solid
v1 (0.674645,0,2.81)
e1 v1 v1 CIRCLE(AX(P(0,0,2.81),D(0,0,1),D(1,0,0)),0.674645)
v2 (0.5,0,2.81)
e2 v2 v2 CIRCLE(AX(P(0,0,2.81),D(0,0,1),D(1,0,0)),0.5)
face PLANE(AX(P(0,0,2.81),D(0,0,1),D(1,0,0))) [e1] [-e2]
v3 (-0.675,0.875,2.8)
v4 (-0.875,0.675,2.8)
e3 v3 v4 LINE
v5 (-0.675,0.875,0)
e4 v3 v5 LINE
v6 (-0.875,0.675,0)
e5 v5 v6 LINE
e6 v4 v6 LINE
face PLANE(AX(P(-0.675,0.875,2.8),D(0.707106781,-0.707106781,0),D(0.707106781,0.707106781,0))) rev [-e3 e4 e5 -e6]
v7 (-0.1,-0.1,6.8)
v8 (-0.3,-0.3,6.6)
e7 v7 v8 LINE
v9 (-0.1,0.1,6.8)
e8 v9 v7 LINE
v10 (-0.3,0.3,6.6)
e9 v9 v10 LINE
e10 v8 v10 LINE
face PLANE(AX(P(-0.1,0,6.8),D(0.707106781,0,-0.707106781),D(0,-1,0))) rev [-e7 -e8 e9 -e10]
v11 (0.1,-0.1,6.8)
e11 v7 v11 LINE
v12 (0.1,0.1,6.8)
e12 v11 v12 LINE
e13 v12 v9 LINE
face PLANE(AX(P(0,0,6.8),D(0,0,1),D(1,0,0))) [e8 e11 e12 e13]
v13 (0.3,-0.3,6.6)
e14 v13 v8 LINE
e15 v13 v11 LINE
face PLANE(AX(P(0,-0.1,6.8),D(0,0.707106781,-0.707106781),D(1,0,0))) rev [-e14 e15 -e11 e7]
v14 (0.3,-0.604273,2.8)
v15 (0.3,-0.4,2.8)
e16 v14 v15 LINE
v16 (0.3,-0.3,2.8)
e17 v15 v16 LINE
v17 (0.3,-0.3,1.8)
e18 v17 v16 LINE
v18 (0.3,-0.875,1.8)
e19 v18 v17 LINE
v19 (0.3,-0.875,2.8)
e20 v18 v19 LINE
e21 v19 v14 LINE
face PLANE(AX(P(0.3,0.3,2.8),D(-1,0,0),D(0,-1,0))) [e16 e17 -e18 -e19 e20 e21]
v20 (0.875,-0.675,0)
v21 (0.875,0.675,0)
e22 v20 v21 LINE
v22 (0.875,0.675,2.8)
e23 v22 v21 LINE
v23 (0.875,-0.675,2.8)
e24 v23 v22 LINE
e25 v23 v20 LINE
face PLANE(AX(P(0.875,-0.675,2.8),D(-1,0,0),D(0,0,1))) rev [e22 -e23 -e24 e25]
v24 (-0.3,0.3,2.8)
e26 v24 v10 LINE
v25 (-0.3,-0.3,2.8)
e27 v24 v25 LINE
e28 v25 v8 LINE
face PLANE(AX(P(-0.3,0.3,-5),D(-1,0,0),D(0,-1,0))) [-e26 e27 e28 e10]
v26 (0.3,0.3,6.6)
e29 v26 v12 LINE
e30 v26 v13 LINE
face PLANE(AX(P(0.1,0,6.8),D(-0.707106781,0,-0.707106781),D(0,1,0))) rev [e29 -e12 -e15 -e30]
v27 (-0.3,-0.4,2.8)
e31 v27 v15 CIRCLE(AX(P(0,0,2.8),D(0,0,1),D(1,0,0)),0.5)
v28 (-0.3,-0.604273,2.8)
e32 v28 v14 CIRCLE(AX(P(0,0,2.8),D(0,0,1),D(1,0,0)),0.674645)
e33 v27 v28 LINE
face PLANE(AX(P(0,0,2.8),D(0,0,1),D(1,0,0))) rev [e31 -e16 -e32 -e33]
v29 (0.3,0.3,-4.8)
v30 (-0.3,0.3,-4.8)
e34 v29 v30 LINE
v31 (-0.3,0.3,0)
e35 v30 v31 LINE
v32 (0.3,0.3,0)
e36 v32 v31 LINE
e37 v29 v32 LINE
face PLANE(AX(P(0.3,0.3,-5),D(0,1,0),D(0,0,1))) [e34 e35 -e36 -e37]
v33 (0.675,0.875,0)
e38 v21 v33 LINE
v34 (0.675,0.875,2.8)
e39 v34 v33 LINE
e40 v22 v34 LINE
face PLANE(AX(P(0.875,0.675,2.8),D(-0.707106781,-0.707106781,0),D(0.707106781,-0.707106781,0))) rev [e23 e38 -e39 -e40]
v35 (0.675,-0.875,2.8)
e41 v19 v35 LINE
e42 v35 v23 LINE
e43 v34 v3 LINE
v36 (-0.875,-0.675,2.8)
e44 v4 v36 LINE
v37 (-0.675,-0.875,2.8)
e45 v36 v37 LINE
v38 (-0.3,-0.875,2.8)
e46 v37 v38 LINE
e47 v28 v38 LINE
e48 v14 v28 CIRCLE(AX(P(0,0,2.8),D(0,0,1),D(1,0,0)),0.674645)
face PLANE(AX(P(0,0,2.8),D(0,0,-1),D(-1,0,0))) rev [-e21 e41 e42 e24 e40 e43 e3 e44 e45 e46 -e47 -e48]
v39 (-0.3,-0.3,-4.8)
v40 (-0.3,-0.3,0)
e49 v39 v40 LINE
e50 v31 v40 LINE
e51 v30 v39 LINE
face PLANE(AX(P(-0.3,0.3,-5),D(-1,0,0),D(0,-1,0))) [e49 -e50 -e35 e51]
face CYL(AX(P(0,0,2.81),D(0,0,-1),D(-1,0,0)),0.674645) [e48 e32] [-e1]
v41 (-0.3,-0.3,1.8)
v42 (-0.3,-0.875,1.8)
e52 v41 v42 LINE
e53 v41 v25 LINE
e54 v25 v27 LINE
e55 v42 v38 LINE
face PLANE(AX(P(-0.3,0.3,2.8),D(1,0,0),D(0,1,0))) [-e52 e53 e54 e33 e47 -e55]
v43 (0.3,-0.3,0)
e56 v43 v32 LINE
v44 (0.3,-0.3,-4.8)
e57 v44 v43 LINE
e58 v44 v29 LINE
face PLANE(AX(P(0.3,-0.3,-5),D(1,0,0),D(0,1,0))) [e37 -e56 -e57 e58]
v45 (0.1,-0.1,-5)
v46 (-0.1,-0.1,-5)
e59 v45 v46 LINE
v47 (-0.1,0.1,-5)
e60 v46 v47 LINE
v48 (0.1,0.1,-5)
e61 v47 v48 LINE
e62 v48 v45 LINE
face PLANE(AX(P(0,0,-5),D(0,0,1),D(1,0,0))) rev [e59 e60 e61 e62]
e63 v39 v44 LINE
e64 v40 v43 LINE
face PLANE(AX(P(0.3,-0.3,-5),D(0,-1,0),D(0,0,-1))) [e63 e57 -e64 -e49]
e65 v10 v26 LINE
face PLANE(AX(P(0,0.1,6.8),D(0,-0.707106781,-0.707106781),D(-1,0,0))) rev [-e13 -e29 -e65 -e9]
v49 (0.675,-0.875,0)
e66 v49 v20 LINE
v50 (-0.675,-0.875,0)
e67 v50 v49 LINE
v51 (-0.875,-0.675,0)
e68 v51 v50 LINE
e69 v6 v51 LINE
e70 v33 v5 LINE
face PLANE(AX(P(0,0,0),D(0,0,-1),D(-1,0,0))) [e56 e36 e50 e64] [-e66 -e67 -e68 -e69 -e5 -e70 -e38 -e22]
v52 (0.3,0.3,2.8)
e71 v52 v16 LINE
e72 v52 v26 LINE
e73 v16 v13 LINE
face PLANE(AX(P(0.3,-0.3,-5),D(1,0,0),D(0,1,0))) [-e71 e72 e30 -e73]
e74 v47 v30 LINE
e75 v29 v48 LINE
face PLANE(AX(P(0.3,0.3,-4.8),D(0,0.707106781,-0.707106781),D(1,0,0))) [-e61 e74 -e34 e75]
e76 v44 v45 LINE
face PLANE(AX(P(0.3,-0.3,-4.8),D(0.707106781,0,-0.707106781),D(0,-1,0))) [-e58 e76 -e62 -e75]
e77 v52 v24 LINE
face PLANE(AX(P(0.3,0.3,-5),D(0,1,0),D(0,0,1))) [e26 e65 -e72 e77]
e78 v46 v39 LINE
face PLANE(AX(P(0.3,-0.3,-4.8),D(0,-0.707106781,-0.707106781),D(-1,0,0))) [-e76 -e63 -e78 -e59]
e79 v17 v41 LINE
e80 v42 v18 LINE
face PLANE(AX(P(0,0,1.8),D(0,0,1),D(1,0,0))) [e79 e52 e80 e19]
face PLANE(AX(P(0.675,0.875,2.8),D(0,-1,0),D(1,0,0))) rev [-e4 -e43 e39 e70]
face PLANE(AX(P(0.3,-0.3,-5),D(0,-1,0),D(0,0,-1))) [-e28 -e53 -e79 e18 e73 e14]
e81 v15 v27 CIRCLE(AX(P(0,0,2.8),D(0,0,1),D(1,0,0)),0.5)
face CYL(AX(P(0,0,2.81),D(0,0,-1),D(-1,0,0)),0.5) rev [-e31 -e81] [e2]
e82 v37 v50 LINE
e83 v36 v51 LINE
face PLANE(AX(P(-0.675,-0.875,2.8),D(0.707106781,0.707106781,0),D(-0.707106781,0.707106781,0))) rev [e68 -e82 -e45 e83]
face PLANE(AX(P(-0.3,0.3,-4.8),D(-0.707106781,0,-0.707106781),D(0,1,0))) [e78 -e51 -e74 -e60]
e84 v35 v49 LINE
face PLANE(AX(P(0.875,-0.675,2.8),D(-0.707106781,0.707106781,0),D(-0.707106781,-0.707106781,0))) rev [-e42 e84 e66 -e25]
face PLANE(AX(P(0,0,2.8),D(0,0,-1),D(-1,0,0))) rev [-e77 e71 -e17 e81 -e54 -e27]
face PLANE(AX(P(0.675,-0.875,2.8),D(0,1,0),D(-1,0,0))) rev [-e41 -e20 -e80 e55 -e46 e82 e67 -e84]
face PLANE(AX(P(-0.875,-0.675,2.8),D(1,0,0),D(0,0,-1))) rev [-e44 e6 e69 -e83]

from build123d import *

# Parameters (mm, degrees)
ESQUISSE1_W             = 0.6
ESQUISSE1_H             = 0.6
BOSS_EXTRU_1_DEPTH      = 2.8
ESQUISSE2_W             = 0.6
ESQUISSE2_H             = 0.575
ENL_V_MAT_EXTRU_1_DEPTH = 1
BOSS_EXTRU_2_DEPTH      = 4
BOSS_EXTRU_2_DEPTH_BACK = 7.8
ESQUISSE3_W             = 0.6
ESQUISSE3_H             = 0.6
CHANFREIN1_SIZE         = 0.2
ESQUISSE4_R             = 0.674645205
ESQUISSE4_R_2           = 0.5
BOSS_EXTRU_3_DEPTH      = 0.01


with BuildPart() as part:
    # Esquisse1 → Boss.-Extru.1 (new body)
    with BuildSketch(Plane.XY):
        Polygon((-0.675, 0.875), (-0.875, 0.675), (-0.875, -0.675), (-0.675, -0.875), (0.675, -0.875), (0.875, -0.675), (0.875, 0.675), (0.675, 0.875), align=None)
        Rectangle(ESQUISSE1_W, ESQUISSE1_H, mode=Mode.SUBTRACT)
    extrude(amount=BOSS_EXTRU_1_DEPTH)

    # Esquisse2 → Enlèv. mat.-Extru.1 (cut)
    with BuildSketch(Plane.XY.offset(2.8)):
        with Locations((0, -0.5875)):
            Rectangle(ESQUISSE2_W, ESQUISSE2_H)
    extrude(amount=-ENL_V_MAT_EXTRU_1_DEPTH, mode=Mode.SUBTRACT)

    # Esquisse3 → Boss.-Extru.2 (add, two sides: drawn at the far end of the back side and taken through both)
    with BuildSketch(Plane.XY.offset(2.8).offset(-BOSS_EXTRU_2_DEPTH_BACK)):
        Rectangle(ESQUISSE3_W, ESQUISSE3_H)
    extrude(amount=BOSS_EXTRU_2_DEPTH + BOSS_EXTRU_2_DEPTH_BACK)

    # Chanfrein1
    chanfrein1_edges = [part.edges().sort_by_distance(p)[0] for p in [
        (0, -0.3, -5),
        (0.3, 0, -5),
        (-0.3, 0, -5),
        (0, 0.3, -5),
        (0.3, 0, 6.8),
        (0, 0.3, 6.8),
        (-0.3, 0, 6.8),
        (0, -0.3, 6.8),
    ]]
    chamfer(chanfrein1_edges, length=CHANFREIN1_SIZE)

    # Esquisse4 → Boss.-Extru.3 (add)
    with BuildSketch(Plane.XY.offset(2.8)):
        with Locations(Location((0, 0, 0), (0, 0, 243.597249523))):
            Circle(ESQUISSE4_R)
        with Locations(Location((0, 0, 0), (0, 0, 233.130102354))):
            Circle(ESQUISSE4_R_2, mode=Mode.SUBTRACT)
    extrude(amount=BOSS_EXTRU_3_DEPTH)


solid = part.part
